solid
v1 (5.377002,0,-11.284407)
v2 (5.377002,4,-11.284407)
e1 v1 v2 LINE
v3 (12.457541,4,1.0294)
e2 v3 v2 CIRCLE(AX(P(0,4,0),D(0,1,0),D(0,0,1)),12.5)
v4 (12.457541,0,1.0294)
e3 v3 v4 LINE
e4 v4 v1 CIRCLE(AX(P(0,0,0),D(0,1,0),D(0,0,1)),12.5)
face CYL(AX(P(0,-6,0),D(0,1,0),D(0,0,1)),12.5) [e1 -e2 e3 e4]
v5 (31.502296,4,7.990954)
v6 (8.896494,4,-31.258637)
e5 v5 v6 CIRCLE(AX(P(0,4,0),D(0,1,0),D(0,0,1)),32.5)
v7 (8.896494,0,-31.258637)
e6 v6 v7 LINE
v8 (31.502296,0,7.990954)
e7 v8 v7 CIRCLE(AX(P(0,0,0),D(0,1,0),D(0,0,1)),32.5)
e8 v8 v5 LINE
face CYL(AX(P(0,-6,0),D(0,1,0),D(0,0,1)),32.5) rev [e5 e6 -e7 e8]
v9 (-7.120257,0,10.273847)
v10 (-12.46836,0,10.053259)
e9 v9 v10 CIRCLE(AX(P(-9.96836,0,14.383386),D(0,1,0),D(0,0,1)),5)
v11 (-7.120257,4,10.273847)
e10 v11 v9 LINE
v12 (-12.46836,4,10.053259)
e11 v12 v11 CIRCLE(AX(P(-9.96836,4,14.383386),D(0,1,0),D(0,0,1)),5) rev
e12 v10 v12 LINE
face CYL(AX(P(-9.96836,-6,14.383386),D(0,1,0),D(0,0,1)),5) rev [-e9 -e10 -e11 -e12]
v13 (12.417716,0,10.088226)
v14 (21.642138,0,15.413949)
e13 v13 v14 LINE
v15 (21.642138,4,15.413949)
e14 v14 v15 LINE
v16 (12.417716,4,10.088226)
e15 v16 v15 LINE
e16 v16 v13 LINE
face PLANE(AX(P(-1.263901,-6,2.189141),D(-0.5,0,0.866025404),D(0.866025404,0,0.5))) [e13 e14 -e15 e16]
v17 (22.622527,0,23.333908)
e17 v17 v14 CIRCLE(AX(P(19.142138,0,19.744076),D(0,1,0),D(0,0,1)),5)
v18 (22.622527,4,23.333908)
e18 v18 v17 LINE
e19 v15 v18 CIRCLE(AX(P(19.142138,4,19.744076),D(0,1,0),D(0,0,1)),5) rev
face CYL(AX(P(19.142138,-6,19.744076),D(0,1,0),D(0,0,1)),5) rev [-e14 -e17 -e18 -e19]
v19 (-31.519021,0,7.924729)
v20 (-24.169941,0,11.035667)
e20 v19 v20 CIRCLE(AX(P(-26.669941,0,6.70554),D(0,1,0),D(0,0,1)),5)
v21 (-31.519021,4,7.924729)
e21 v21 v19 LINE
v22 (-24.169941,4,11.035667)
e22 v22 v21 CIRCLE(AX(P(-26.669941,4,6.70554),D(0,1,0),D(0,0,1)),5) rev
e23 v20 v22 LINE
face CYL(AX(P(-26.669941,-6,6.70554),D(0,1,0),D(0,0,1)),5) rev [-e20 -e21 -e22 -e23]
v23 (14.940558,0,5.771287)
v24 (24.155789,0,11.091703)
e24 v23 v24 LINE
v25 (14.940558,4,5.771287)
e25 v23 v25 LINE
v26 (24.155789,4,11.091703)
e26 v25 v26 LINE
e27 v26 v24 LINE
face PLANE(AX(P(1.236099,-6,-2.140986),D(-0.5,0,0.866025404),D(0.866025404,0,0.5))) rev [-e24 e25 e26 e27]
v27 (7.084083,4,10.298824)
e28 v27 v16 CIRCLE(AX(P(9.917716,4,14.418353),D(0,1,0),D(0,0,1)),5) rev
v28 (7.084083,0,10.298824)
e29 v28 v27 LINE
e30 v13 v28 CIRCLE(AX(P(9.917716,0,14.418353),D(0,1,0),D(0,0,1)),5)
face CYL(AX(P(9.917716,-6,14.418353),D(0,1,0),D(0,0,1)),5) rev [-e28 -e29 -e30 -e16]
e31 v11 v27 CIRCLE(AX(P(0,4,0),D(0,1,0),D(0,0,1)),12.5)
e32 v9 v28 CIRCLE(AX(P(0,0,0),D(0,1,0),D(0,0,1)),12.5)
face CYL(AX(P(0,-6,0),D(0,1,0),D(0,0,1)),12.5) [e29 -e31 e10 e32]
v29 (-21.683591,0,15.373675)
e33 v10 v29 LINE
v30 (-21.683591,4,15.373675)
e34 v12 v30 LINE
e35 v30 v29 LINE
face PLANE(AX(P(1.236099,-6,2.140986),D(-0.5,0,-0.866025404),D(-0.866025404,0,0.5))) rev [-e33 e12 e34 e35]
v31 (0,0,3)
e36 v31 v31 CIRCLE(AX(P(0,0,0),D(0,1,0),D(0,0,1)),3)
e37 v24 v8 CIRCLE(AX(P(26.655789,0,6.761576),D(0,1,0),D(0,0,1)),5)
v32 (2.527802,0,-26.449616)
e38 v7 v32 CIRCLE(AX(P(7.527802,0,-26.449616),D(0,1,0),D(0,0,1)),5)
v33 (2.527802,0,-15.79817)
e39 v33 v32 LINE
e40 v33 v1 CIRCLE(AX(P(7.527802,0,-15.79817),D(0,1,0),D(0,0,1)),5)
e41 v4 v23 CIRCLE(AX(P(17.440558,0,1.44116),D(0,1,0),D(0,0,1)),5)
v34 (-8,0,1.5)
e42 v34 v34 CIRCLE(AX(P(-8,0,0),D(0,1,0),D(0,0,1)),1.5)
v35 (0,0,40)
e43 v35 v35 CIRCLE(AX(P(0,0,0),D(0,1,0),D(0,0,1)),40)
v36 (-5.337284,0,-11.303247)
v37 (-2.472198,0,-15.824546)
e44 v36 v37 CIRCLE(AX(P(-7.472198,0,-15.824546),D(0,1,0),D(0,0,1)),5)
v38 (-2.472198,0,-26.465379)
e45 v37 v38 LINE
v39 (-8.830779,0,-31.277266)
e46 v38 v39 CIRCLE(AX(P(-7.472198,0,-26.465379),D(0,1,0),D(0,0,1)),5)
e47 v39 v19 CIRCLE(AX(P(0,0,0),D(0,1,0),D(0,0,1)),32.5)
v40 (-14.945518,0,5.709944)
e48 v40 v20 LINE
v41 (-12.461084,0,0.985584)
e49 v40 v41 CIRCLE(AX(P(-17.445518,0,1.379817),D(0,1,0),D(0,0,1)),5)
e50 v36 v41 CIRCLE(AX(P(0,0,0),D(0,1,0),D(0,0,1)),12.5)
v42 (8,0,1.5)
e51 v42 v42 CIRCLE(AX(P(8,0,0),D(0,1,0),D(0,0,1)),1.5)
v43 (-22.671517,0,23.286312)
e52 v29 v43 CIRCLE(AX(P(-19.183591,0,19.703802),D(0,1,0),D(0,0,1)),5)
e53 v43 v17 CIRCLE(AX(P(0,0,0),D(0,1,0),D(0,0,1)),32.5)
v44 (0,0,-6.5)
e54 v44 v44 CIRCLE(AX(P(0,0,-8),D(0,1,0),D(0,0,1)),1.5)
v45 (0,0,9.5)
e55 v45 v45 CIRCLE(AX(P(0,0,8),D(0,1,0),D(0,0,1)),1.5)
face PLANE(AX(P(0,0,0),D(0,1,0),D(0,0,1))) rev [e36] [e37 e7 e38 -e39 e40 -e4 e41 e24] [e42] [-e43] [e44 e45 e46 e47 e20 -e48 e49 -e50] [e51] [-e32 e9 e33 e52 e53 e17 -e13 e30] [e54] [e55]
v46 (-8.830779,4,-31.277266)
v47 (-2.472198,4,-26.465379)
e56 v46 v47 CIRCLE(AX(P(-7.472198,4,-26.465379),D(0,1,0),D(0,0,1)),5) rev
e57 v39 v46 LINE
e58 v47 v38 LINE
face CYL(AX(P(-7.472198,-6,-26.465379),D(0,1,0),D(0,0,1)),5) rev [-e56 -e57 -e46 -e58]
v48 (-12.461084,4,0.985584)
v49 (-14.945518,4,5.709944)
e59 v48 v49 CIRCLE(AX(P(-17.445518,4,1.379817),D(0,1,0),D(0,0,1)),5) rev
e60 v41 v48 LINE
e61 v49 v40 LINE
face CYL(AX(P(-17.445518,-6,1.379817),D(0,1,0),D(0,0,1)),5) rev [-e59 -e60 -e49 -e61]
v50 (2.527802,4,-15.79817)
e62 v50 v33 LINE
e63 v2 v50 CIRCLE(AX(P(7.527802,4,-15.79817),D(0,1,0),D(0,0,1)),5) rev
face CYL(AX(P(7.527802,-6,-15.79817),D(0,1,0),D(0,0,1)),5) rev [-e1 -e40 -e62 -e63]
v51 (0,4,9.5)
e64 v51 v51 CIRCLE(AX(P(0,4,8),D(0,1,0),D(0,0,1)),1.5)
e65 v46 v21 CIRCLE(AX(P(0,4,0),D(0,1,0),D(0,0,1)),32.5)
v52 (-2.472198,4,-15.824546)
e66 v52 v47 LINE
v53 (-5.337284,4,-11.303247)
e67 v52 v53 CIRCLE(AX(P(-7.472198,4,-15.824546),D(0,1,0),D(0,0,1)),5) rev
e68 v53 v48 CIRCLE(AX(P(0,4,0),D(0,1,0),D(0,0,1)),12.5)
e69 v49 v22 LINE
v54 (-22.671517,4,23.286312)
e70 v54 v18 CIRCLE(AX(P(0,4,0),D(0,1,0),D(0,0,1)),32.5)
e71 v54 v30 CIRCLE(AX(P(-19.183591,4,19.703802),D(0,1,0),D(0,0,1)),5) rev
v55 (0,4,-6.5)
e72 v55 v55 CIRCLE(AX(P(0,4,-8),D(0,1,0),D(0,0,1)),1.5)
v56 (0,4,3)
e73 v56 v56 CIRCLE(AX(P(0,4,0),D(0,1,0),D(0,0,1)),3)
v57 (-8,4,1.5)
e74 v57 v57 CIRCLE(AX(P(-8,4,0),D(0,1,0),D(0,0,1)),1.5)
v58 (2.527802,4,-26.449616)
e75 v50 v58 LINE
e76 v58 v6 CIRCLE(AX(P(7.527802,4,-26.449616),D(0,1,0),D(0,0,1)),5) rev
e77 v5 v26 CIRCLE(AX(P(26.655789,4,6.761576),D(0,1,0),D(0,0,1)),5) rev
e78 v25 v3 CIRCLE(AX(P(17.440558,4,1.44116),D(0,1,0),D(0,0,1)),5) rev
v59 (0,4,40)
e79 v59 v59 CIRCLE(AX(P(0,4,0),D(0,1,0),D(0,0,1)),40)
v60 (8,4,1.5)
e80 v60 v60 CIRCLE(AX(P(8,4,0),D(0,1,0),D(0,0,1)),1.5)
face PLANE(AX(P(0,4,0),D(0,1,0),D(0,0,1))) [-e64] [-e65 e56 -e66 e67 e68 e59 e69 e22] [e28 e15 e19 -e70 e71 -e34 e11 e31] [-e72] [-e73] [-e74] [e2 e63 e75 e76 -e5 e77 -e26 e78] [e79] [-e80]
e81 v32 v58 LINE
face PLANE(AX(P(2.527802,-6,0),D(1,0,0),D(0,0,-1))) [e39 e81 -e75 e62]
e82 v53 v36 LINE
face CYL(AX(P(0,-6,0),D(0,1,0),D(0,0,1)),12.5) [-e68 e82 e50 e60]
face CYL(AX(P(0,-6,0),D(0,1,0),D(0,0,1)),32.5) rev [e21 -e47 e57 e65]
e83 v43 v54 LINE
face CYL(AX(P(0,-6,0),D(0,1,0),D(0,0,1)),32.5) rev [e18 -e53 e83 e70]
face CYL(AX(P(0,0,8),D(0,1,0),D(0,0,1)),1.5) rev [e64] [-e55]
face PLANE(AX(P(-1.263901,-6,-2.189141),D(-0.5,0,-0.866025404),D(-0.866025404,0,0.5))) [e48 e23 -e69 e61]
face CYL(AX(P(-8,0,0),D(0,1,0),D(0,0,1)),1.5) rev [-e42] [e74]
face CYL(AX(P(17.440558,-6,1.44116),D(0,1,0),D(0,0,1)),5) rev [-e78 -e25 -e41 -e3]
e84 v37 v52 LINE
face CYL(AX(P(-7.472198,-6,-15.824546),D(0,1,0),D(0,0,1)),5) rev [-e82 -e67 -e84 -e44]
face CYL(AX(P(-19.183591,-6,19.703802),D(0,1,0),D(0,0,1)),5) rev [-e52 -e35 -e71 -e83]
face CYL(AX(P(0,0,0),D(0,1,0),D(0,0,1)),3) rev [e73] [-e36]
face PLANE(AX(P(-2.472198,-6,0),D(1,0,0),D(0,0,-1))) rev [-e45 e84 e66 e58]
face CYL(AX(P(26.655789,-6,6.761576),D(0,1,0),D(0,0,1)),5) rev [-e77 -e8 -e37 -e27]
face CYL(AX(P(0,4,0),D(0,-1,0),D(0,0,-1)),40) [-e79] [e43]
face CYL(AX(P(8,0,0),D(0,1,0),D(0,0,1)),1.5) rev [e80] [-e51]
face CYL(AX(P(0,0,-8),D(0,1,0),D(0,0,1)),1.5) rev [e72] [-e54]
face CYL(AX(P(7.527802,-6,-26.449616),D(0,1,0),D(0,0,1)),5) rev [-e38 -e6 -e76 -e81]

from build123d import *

# Parameters (mm, degrees)
SKETCH_1_R          = 40
EXTRUDE_1_DEPTH     = 4
SKETCH_2_R          = 1.5
SKETCH_2_R_2        = 3
CUT_EXTRUDE_1_DEPTH = 5
CUT_EXTRUDE_2_DEPTH = 10
FILLET_1_R          = 5


with BuildPart() as part:
    # 草图1 → 凸台-拉伸1 (new body)
    with BuildSketch(Plane(origin=(0, 0, 0), x_dir=(1, 0, 0), z_dir=(0, 1, 0))):
        Circle(SKETCH_1_R)
    extrude(amount=EXTRUDE_1_DEPTH)

    # 草图2 → 切除-拉伸1 (cut, through all)
    with BuildSketch(Plane(origin=(0, 4, 0), x_dir=(1, 0, 0), z_dir=(0, 1, 0))):
        with Locations((8, 0)):
            Circle(SKETCH_2_R)
        with Locations((0, 8)):
            Circle(SKETCH_2_R)
        with Locations((-8, 0)):
            Circle(SKETCH_2_R)
        with Locations((0, -8)):
            Circle(SKETCH_2_R)
        Circle(SKETCH_2_R_2)
    extrude(amount=-CUT_EXTRUDE_1_DEPTH, mode=Mode.SUBTRACT)

    # 草图3 → 切除-拉伸2 (cut)
    with BuildSketch(Plane(origin=(0, 4, 0), x_dir=(1, 0, 0), z_dir=(0, 1, 0))):
        with BuildLine():
            Line((-29.324463582, -14.011632155), (-11.86555962, -3.931729252))
            ThreePointArc((-11.86555962, -3.931729252), (-10.811101802, 6.274557978), (-2.472197603, 12.253090998))
            Line((-2.472197603, 12.253090998), (-2.472197603, 32.405836496))
            ThreePointArc((-2.472197603, 32.405836496), (-28.131872753, 16.274143154), (-29.324463582, -14.011632155))
        make_face()
        with BuildLine():
            ThreePointArc((12.5, 0), (12.335818498, -2.019302353), (11.847586881, -3.985559571))
            Line((11.847586881, -3.985559571), (29.300376438, -14.06193232))
            ThreePointArc((29.300376438, -14.06193232), (31.69000027, -7.210678392), (32.5, 0))
            ThreePointArc((32.5, 0), (23.857950225, 22.069168789), (2.527802397, 32.401546492))
            Line((2.527802397, 32.401546492), (2.527802397, 12.241740687))
            ThreePointArc((2.527802397, 12.241740687), (9.691427396, 7.894696639), (12.5, 0))
        make_face()
        with BuildLine():
            Line((26.796661185, -18.389914337), (9.337757223, -8.310011435))
            ThreePointArc((9.337757223, -8.310011435), (-0.028375705, -12.499967793), (-9.375389278, -8.267531427))
            Line((-9.375389278, -8.267531427), (-26.828178835, -18.343904176))
            ThreePointArc((-26.828178835, -18.343904176), (-0.027885019, -32.499988037), (26.796661185, -18.389914337))
        make_face()
    extrude(amount=-CUT_EXTRUDE_2_DEPTH, mode=Mode.SUBTRACT)

    # 圆角1
    fillet_1_edges = [part.edges().sort_by_distance(p)[0] for p in [
        (11.847586881, 2, 3.985559571),
        (2.527802397, 2, -12.241740687),
        (2.527802397, 2, -32.401546492),
        (29.300376438, 2, 14.06193232),
        (-9.375389278, 2, 8.267531427),
        (9.337757223, 2, 8.310011435),
        (26.796661185, 2, 18.389914337),
        (-26.828178835, 2, 18.343904176),
        (-2.472197603, 2, -12.253090998),
        (-11.86555962, 2, 3.931729252),
        (-29.324463582, 2, 14.011632155),
        (-2.472197603, 2, -32.405836496),
    ]]
    fillet(fillet_1_edges, radius=FILLET_1_R)


solid = part.part
